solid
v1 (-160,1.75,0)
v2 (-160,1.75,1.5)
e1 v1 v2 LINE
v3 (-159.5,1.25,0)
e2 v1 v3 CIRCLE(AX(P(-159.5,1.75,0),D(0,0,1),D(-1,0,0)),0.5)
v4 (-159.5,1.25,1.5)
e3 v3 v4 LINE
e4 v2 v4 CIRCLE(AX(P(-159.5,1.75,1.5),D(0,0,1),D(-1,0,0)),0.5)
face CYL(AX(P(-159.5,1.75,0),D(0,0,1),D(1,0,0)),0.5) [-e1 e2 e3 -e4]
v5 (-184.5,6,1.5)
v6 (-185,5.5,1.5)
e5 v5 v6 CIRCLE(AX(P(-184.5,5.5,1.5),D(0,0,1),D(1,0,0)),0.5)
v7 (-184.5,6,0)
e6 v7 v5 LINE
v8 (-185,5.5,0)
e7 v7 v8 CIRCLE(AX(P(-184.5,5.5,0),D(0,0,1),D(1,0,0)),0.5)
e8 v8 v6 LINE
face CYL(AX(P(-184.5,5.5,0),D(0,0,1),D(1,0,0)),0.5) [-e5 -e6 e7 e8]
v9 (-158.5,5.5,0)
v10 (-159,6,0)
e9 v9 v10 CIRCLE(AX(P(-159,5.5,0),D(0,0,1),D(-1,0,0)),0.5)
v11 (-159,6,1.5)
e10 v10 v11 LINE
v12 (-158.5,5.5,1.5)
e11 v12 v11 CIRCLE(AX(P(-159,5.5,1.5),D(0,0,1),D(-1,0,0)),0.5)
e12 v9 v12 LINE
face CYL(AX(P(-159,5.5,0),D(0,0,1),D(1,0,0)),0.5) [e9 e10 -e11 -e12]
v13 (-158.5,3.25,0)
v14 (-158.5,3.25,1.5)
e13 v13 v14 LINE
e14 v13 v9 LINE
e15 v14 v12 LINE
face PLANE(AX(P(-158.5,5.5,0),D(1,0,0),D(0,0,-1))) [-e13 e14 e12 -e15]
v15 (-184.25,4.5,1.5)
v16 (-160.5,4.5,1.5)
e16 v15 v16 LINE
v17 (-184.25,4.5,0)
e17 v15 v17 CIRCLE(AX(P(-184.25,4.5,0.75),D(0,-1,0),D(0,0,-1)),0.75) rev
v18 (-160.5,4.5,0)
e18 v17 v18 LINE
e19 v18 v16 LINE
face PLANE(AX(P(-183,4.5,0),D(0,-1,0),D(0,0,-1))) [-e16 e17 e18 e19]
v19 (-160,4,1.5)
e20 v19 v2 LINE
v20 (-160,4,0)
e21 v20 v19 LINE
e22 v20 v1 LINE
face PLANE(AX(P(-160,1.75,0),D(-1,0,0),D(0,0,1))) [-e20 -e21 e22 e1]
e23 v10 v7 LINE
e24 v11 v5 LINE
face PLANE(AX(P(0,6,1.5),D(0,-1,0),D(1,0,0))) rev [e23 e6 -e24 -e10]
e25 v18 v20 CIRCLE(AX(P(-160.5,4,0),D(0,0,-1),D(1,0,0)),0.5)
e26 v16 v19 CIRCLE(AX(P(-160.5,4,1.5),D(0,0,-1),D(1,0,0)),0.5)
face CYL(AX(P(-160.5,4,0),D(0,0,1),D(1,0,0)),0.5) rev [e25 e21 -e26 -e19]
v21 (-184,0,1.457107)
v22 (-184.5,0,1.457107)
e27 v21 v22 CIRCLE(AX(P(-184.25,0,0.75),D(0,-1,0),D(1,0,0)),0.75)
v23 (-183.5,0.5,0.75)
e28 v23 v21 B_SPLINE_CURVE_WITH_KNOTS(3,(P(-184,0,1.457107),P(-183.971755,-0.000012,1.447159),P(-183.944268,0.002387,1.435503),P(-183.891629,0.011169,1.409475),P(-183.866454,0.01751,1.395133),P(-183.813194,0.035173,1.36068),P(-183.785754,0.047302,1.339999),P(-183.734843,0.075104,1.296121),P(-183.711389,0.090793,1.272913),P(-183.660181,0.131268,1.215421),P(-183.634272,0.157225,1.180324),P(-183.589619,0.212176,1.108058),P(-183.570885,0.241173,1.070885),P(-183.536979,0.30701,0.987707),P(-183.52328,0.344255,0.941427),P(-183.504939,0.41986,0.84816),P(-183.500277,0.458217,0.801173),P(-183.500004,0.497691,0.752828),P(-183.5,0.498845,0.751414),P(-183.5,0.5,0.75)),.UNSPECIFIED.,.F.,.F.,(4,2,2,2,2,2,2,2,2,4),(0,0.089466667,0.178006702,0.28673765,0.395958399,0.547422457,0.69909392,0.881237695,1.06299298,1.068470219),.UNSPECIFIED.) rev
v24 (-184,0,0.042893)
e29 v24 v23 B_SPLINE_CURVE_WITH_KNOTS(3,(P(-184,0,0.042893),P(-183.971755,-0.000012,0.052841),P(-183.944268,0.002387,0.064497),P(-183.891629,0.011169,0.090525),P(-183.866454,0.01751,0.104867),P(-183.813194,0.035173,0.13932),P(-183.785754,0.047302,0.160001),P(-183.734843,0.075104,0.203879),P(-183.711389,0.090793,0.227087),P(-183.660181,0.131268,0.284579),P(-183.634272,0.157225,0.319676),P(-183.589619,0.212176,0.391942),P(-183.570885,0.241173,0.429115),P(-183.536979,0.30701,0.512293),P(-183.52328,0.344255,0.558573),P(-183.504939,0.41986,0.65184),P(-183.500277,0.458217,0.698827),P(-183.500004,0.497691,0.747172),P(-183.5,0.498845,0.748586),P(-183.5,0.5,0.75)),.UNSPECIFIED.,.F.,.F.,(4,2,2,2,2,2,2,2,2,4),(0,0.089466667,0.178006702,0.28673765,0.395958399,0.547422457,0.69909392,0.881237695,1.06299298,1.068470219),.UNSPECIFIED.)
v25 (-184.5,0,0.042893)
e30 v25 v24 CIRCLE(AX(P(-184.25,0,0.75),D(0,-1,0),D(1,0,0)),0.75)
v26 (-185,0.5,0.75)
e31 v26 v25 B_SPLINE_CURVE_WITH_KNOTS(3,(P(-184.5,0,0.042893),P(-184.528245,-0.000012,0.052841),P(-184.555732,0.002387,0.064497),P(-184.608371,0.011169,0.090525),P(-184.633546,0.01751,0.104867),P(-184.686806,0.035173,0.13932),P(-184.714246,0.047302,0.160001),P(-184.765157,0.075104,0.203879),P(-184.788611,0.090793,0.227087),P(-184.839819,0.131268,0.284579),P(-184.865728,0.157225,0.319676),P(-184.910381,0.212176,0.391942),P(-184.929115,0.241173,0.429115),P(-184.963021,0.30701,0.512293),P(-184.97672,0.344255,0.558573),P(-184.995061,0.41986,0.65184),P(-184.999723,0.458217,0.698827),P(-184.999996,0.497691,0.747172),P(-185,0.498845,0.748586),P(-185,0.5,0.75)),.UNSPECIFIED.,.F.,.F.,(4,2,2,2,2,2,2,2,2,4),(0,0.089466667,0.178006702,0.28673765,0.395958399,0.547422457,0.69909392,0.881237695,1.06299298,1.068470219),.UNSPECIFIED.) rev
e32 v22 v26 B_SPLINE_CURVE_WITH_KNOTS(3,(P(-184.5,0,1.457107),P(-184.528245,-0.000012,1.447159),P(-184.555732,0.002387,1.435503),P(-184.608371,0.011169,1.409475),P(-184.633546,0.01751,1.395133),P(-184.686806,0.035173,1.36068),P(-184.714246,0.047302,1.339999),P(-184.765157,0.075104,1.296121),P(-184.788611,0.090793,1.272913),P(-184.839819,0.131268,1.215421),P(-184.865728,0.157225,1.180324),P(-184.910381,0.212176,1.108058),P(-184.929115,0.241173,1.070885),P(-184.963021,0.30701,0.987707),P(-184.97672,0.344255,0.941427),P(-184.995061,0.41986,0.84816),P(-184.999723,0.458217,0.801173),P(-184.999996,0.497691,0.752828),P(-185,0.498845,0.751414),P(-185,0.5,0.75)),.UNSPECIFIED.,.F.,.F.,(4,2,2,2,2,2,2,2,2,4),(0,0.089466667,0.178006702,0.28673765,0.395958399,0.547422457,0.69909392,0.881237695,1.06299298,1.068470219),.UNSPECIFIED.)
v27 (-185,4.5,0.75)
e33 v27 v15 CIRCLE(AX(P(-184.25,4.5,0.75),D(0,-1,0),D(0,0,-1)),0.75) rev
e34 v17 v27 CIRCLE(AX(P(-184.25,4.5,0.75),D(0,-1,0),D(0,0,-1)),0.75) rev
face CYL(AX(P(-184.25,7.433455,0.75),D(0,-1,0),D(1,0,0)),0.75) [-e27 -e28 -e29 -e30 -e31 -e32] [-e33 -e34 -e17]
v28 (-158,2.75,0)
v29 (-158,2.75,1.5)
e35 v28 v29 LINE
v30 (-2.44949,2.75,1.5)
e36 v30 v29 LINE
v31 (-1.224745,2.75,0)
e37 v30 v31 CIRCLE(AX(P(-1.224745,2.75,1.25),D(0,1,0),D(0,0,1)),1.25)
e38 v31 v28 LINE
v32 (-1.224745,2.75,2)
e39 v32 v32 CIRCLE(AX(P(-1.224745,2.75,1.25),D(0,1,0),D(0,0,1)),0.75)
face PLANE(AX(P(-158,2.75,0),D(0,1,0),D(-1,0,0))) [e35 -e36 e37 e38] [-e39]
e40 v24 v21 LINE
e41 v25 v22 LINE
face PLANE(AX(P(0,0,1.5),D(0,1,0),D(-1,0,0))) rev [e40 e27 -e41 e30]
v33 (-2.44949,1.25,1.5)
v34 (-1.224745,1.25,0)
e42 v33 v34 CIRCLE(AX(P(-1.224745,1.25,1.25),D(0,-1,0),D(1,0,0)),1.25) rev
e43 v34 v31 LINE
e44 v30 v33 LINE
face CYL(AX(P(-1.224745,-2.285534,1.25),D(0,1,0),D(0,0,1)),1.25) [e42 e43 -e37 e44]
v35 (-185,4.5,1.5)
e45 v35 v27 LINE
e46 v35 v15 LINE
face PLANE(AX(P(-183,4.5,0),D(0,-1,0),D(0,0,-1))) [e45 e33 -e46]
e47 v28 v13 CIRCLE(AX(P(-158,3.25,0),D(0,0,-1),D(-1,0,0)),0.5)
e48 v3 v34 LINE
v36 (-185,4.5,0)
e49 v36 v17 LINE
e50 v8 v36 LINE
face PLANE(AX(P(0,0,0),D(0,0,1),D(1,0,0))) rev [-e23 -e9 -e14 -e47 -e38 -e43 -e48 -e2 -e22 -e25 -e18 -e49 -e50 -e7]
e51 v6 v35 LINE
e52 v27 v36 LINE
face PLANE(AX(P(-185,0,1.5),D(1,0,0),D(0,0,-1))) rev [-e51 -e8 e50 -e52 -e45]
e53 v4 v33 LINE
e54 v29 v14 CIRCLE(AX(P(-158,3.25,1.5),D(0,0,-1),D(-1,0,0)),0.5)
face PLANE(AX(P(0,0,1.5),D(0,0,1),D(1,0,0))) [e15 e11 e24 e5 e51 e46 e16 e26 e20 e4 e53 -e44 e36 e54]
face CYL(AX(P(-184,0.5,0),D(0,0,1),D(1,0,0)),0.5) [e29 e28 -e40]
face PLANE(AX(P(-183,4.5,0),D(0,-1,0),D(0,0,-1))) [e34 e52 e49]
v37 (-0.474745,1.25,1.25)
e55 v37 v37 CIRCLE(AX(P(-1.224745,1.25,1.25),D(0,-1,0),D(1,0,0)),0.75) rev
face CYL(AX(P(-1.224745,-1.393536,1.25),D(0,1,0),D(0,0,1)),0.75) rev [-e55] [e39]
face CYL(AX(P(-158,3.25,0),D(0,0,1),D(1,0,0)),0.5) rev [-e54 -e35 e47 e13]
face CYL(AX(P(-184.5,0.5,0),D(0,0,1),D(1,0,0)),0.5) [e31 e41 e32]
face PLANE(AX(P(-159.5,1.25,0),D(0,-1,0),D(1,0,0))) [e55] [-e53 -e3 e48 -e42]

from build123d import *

# Parameters (mm, degrees)
SCHIZZO1_W                   = 185
SCHIZZO1_H                   = 6
ESTRUSIONE_ESTRUSIONE1_DEPTH = 1.5
SCHIZZO2_OUTSIDE_W           = 224.02
SCHIZZO2_OUTSIDE_H           = 45.02
TAGLIO_ESTRUSIONE1_DEPTH     = 1.5
SCHIZZO5_W                   = 2.294465176
SCHIZZO5_H                   = 1.827727815
SCHIZZO5_R                   = 0.75
TAGLIO_ESTRUSIONE3_DEPTH     = 4.5
SCHIZZO6_R                   = 1.25
ESTRUSIONE_ESTRUSIONE3_DEPTH = 1.5
SCHIZZO7_R                   = 0.75
TAGLIO_ESTRUSIONE4_DEPTH     = 1.5


with BuildPart() as part:
    # Schizzo1 → Estrusione-Estrusione1 (new body)
    with BuildSketch(Plane.XY):
        with Locations((-92.5, 3)):
            Rectangle(SCHIZZO1_W, SCHIZZO1_H)
    extrude(amount=ESTRUSIONE_ESTRUSIONE1_DEPTH)

    # Schizzo2 outside → Taglio-Estrusione1 (cut)
    with BuildSketch(Plane.XY.offset(1.5)):
        with Locations((-92.5, 3)):
            Rectangle(SCHIZZO2_OUTSIDE_W, SCHIZZO2_OUTSIDE_H)
        with BuildLine():
            Line((-184.5, 0), (-184, 0))
            ThreePointArc((-184, 0), (-183.646446609, 0.146446609), (-183.5, 0.5))
            Line((-183.5, 0.5), (-183.5, 4))
            ThreePointArc((-183.5, 4), (-183.353553391, 4.353553391), (-183, 4.5))
            Line((-183, 4.5), (-160.5, 4.5))
            ThreePointArc((-160.5, 4.5), (-160.146446609, 4.353553391), (-160, 4))
            Line((-160, 4), (-160, 1.75))
            ThreePointArc((-160, 1.75), (-159.853553391, 1.396446609), (-159.5, 1.25))
            Line((-159.5, 1.25), (0, 1.25))
            Line((0, 1.25), (0, 2.75))
            Line((0, 2.75), (-158, 2.75))
            ThreePointArc((-158, 2.75), (-158.353553391, 2.896446609), (-158.5, 3.25))
            Line((-158.5, 3.25), (-158.5, 5.5))
            ThreePointArc((-158.5, 5.5), (-158.646446609, 5.853553391), (-159, 6))
            Line((-159, 6), (-184.5, 6))
            ThreePointArc((-184.5, 6), (-184.853553391, 5.853553391), (-185, 5.5))
            Line((-185, 5.5), (-185, 0.5))
            ThreePointArc((-185, 0.5), (-184.853553391, 0.146446609), (-184.5, 0))
        make_face(mode=Mode.SUBTRACT)
    extrude(amount=-TAGLIO_ESTRUSIONE1_DEPTH, mode=Mode.SUBTRACT)

    # Schizzo5 → Taglio-Estrusione3 (cut)
    with BuildSketch(Plane.XZ):
        with Locations((-184.019602527, 0.694189627)):
            Rectangle(SCHIZZO5_W, SCHIZZO5_H)
        with Locations(Location((-184.25, 0.75, 0), (0, 0, 180))):
            Circle(SCHIZZO5_R, mode=Mode.SUBTRACT)
    extrude(amount=-TAGLIO_ESTRUSIONE3_DEPTH, mode=Mode.SUBTRACT)

    # Schizzo6 → Estrusione-Estrusione3 (add)
    with BuildSketch(Plane(origin=(0, 2.75, 0), x_dir=(1, 0, 0), z_dir=(0, 1, 0))):
        with Locations((-1.224744871, -1.25)):
            Circle(SCHIZZO6_R)
    extrude(amount=-ESTRUSIONE_ESTRUSIONE3_DEPTH)

    # Schizzo7 → Taglio-Estrusione4 (cut)
    with BuildSketch(Plane(origin=(0, 2.75, 0), x_dir=(1, 0, 0), z_dir=(0, 1, 0))):
        with Locations(Location((-1.224744871, -1.25, 0), (0, 0, 270))):
            Circle(SCHIZZO7_R)
        with BuildLine():
            Line((-1.224744871, 0), (-1.224744871, 0.534346319))
            Line((-1.224744871, 0.534346319), (0.72573961, 0.534346319))
            Line((0.72573961, 0.534346319), (0.72573961, -1.25))
            Line((0.72573961, -1.25), (0.025255129, -1.25))
            ThreePointArc((0.025255129, -1.25), (-0.340861395, -0.366116524), (-1.224744871, 0))
        make_face()
    extrude(amount=-TAGLIO_ESTRUSIONE4_DEPTH, mode=Mode.SUBTRACT)


solid = part.part
